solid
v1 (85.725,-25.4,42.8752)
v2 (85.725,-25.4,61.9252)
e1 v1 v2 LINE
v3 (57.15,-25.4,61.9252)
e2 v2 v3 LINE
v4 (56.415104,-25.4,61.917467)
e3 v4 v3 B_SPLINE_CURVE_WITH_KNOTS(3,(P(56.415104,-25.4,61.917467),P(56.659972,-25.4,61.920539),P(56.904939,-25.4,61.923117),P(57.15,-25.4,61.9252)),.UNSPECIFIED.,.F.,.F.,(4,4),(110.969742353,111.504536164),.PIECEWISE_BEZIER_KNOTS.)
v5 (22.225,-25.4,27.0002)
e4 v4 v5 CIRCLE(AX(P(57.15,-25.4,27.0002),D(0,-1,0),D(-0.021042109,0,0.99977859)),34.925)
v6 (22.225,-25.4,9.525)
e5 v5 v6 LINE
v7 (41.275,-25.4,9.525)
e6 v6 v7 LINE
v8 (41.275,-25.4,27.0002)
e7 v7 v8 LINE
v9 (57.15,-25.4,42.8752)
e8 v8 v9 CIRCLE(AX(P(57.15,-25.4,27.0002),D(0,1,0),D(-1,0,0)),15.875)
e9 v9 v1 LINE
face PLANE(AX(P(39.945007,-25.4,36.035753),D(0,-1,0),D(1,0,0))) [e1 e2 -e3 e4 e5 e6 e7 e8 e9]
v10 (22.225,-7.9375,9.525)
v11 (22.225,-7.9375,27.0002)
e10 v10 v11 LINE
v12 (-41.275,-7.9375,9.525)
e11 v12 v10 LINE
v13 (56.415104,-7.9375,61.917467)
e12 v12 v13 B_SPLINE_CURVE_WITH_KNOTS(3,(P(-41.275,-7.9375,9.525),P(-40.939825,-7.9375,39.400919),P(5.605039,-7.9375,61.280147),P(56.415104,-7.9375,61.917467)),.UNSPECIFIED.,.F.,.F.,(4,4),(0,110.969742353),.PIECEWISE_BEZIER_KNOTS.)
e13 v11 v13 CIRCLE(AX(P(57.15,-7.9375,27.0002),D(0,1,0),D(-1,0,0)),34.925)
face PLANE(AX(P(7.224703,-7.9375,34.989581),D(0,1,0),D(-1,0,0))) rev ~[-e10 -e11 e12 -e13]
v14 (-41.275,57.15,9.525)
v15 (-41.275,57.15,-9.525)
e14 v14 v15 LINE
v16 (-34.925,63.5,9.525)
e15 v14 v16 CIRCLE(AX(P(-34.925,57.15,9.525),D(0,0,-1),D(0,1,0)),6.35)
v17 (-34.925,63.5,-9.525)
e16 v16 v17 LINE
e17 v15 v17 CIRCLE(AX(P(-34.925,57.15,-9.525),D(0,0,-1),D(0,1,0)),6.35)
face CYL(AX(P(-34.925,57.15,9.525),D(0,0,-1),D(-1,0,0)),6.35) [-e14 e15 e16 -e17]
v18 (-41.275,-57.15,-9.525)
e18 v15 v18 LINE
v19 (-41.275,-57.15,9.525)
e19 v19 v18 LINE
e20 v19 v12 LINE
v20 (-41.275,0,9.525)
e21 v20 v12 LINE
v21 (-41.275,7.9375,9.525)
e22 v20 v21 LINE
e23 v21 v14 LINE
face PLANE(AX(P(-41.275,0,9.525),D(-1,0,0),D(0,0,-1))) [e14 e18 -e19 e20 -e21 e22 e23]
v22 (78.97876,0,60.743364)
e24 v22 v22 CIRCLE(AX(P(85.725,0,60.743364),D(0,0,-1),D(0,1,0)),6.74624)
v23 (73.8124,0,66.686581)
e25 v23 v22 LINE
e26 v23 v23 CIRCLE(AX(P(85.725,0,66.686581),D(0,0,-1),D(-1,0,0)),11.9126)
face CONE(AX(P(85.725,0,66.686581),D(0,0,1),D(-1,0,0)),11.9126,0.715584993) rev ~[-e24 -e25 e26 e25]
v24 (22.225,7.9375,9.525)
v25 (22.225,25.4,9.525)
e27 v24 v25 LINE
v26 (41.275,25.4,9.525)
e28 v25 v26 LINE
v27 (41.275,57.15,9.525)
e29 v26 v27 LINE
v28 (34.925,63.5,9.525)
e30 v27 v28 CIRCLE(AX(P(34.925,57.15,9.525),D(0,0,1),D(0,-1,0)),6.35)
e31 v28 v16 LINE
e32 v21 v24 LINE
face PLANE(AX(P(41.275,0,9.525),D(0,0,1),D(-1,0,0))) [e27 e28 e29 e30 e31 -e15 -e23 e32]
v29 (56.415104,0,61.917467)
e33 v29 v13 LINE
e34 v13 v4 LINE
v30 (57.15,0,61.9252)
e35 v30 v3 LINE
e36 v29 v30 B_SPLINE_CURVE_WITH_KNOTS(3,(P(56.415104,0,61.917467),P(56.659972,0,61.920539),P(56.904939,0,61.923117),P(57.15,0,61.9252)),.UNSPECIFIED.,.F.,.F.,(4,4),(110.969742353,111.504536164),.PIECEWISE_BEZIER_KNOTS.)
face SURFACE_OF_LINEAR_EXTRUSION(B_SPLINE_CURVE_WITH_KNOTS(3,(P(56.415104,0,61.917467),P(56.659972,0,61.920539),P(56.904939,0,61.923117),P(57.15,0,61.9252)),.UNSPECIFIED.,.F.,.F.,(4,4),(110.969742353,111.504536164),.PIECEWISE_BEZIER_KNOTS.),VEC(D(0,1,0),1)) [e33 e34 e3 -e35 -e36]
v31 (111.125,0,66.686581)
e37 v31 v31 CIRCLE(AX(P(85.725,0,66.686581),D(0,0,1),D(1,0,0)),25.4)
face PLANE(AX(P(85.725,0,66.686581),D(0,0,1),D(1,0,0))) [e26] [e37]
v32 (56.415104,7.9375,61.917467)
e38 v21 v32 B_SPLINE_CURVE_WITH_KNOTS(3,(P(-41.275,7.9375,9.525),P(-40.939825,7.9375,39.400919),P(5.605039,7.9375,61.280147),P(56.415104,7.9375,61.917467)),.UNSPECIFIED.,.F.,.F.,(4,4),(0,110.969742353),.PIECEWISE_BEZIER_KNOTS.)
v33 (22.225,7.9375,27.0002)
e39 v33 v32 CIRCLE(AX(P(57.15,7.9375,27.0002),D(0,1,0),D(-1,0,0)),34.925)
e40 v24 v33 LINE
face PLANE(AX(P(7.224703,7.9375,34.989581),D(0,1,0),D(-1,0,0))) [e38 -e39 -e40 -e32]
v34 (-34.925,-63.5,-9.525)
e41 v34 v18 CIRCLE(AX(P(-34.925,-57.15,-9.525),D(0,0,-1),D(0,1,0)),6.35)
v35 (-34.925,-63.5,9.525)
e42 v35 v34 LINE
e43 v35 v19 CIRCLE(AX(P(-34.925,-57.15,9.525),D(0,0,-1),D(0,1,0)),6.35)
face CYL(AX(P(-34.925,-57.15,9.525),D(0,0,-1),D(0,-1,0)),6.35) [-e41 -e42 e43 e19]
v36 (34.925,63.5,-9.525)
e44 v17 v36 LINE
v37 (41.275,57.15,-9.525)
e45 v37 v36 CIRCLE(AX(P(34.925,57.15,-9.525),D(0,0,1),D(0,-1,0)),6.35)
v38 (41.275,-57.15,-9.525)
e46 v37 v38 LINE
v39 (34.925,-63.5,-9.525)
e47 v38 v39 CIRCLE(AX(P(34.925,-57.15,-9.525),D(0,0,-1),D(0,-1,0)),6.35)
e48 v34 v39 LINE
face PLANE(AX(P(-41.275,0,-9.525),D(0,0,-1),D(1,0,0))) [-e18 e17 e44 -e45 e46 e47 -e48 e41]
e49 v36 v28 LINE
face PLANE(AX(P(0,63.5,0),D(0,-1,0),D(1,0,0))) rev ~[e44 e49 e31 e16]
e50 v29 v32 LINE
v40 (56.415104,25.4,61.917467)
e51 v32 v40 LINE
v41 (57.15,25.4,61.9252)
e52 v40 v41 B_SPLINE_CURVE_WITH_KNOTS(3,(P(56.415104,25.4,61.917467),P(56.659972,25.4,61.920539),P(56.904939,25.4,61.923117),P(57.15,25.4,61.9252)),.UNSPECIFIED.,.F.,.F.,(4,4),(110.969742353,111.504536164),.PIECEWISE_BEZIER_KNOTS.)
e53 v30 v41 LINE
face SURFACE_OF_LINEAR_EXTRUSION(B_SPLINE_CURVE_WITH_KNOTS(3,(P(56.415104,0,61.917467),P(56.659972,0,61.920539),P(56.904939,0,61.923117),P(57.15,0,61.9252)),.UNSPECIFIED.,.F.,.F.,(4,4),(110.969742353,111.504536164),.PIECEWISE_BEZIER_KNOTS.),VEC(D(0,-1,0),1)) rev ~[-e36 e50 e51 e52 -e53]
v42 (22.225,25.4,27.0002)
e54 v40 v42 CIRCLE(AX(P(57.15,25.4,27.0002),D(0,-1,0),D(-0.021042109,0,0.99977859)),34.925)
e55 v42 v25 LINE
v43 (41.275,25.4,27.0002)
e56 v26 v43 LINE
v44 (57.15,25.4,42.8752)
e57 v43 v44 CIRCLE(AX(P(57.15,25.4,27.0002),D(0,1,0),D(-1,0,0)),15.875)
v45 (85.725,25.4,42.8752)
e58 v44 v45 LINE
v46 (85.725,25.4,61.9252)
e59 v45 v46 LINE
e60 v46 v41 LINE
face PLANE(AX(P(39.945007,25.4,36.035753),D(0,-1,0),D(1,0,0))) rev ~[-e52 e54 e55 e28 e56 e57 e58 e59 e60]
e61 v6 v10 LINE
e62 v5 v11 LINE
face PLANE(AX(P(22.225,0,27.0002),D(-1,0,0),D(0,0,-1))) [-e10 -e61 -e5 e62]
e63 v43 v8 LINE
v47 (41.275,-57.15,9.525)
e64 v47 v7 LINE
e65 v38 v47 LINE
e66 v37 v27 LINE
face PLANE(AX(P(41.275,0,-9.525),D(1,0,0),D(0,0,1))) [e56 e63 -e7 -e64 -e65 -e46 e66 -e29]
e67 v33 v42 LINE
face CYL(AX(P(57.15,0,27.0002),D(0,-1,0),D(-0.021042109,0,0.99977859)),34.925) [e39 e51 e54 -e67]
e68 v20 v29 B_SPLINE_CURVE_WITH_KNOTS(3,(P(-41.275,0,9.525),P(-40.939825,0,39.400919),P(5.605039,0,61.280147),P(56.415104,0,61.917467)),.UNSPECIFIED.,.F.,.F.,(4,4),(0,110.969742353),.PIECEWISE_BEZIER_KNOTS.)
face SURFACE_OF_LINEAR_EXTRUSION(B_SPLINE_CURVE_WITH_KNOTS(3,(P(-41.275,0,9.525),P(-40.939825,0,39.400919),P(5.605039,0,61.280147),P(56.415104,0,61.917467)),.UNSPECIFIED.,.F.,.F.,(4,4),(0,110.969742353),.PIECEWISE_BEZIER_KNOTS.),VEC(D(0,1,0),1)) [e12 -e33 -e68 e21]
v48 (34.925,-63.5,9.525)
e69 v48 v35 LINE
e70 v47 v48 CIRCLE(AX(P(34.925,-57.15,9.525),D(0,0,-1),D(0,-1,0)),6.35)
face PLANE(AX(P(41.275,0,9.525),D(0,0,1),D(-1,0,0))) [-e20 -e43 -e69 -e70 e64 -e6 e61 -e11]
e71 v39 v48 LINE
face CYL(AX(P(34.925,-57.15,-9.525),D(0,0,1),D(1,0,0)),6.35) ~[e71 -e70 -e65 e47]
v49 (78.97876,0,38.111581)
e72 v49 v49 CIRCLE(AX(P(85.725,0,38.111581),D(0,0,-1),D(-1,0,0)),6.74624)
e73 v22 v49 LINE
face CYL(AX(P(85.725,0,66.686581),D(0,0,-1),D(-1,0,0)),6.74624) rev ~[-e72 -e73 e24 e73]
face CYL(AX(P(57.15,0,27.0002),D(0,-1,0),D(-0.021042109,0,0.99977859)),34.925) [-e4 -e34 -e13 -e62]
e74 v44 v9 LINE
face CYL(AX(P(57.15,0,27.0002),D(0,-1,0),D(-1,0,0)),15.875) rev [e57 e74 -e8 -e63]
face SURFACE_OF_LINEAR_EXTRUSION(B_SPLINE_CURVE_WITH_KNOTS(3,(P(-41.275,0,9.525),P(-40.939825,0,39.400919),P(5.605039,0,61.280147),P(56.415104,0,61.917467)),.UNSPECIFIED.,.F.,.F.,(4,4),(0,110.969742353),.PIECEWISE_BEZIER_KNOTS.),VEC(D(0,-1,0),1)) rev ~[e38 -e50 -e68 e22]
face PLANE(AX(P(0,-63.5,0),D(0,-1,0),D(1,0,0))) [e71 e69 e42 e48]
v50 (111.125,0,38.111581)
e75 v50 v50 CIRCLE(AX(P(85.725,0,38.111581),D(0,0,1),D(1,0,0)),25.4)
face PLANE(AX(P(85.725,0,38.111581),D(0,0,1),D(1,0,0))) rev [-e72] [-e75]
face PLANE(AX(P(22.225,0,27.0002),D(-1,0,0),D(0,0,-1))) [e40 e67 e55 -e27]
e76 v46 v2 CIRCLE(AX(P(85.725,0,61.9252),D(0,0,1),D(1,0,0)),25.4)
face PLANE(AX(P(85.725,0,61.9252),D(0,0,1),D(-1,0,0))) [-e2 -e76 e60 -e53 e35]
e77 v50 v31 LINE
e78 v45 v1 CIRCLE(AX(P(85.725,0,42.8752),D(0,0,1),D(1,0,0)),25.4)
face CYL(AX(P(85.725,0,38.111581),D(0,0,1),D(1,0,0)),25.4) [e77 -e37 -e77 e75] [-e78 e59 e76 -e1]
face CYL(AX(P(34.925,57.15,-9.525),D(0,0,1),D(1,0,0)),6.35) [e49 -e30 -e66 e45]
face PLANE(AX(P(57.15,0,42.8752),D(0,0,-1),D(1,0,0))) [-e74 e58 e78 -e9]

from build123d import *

# Parameters (mm, degrees)
F1_DEPTH       = 63.5
F0_W           = 25.4
F0_H           = 19.05
F2_DEPTH       = 25.4
F3_DEPTH       = 7.9375
F5_R           = 6.35
F7_D           = 13.49248
F7_CSINK_D     = 23.8252
F7_CSINK_ANGLE = 82


with BuildPart() as f1:
    # F0 (on Front) → F1 (new body, symmetric)
    with BuildSketch(Plane.XZ):
        Polygon((-41.275, 9.525), (-41.275, -9.525), (41.275, -9.525), (41.275, 9.525), (22.225, 9.525), align=None)
    extrude(amount=F1_DEPTH, both=True)

    # F0 (on Front) → F2 (join, symmetric)
    with BuildSketch(Plane.XZ):
        with BuildLine():
            Line((22.225, 9.525), (41.275, 9.525))
            Line((41.275, 9.525), (41.275, 27.0002))
            ThreePointArc((41.275, 27.0002), (45.9246798487, 38.2255201513), (57.15, 42.8752))
            Line((57.15, 42.8752), (60.325, 42.8752))
            Line((60.325, 42.8752), (60.325, 61.9252))
            Line((60.325, 61.9252), (57.15, 61.9252))
            add(Edge.make_bspline(
                [(56.4151043372, 61.9174672666), (56.659972062, 61.9205386908), (56.9049388479, 61.9231167628), (57.15, 61.9252)],
                knots=[110.9697423525, 110.9697423525, 110.9697423525, 110.9697423525, 111.5045361635, 111.5045361635, 111.5045361635, 111.5045361635], degree=3))
            ThreePointArc((56.4151043372, 61.9174672666), (32.1958234355, 51.4346980916), (22.225, 27.0002))
            Line((22.225, 27.0002), (22.225, 9.525))
        make_face()
        with Locations((73.025, 52.4002)):
            Rectangle(F0_W, F0_H)
    extrude(amount=F2_DEPTH, both=True)

    # F0 (on Front) → F3 (join, symmetric)
    with BuildSketch(Plane.XZ):
        with BuildLine():
            add(Edge.make_bspline(
                [(-41.275, 9.525), (-40.9398250429, 39.4009187199), (5.6050392748, 61.2801465881), (56.4151043372, 61.9174672666)],
                knots=[0, 0, 0, 0, 110.9697423525, 110.9697423525, 110.9697423525, 110.9697423525], degree=3))
            Line((-41.275, 9.525), (22.225, 9.525))
            Line((22.225, 9.525), (22.225, 27.0002))
            ThreePointArc((22.225, 27.0002), (32.1958234355, 51.4346980916), (56.4151043372, 61.9174672666))
        make_face()
    extrude(amount=F3_DEPTH, both=True)

    # F0 (on Front) → F4 (revolve)
    with BuildSketch(Plane.XZ):
        Polygon((85.725, 66.6865812632), (85.725, 61.9252), (85.725, 42.8752), (85.725, 38.1115812632), (111.125, 38.1115812632), (111.125, 66.6865812632), align=None)
    revolve(axis=Axis((85.725, 0, 52.3990812632), (0, 0, 1)))

    # F5
    f5_edges = [f1.edges().sort_by_distance(p)[0] for p in [
        (-41.275, -63.5, 0),
        (41.275, -63.5, 0),
        (41.275, 63.5, 0),
        (-41.275, 63.5, 0),
    ]]
    fillet(f5_edges, radius=F5_R)

    # F7 (through all)
    with Locations(Plane.XY.offset(66.6865812632)):
        with Locations((85.725, 0)):
            CounterSinkHole(F7_D / 2, F7_CSINK_D / 2, counter_sink_angle=F7_CSINK_ANGLE)


solid = f1.part
